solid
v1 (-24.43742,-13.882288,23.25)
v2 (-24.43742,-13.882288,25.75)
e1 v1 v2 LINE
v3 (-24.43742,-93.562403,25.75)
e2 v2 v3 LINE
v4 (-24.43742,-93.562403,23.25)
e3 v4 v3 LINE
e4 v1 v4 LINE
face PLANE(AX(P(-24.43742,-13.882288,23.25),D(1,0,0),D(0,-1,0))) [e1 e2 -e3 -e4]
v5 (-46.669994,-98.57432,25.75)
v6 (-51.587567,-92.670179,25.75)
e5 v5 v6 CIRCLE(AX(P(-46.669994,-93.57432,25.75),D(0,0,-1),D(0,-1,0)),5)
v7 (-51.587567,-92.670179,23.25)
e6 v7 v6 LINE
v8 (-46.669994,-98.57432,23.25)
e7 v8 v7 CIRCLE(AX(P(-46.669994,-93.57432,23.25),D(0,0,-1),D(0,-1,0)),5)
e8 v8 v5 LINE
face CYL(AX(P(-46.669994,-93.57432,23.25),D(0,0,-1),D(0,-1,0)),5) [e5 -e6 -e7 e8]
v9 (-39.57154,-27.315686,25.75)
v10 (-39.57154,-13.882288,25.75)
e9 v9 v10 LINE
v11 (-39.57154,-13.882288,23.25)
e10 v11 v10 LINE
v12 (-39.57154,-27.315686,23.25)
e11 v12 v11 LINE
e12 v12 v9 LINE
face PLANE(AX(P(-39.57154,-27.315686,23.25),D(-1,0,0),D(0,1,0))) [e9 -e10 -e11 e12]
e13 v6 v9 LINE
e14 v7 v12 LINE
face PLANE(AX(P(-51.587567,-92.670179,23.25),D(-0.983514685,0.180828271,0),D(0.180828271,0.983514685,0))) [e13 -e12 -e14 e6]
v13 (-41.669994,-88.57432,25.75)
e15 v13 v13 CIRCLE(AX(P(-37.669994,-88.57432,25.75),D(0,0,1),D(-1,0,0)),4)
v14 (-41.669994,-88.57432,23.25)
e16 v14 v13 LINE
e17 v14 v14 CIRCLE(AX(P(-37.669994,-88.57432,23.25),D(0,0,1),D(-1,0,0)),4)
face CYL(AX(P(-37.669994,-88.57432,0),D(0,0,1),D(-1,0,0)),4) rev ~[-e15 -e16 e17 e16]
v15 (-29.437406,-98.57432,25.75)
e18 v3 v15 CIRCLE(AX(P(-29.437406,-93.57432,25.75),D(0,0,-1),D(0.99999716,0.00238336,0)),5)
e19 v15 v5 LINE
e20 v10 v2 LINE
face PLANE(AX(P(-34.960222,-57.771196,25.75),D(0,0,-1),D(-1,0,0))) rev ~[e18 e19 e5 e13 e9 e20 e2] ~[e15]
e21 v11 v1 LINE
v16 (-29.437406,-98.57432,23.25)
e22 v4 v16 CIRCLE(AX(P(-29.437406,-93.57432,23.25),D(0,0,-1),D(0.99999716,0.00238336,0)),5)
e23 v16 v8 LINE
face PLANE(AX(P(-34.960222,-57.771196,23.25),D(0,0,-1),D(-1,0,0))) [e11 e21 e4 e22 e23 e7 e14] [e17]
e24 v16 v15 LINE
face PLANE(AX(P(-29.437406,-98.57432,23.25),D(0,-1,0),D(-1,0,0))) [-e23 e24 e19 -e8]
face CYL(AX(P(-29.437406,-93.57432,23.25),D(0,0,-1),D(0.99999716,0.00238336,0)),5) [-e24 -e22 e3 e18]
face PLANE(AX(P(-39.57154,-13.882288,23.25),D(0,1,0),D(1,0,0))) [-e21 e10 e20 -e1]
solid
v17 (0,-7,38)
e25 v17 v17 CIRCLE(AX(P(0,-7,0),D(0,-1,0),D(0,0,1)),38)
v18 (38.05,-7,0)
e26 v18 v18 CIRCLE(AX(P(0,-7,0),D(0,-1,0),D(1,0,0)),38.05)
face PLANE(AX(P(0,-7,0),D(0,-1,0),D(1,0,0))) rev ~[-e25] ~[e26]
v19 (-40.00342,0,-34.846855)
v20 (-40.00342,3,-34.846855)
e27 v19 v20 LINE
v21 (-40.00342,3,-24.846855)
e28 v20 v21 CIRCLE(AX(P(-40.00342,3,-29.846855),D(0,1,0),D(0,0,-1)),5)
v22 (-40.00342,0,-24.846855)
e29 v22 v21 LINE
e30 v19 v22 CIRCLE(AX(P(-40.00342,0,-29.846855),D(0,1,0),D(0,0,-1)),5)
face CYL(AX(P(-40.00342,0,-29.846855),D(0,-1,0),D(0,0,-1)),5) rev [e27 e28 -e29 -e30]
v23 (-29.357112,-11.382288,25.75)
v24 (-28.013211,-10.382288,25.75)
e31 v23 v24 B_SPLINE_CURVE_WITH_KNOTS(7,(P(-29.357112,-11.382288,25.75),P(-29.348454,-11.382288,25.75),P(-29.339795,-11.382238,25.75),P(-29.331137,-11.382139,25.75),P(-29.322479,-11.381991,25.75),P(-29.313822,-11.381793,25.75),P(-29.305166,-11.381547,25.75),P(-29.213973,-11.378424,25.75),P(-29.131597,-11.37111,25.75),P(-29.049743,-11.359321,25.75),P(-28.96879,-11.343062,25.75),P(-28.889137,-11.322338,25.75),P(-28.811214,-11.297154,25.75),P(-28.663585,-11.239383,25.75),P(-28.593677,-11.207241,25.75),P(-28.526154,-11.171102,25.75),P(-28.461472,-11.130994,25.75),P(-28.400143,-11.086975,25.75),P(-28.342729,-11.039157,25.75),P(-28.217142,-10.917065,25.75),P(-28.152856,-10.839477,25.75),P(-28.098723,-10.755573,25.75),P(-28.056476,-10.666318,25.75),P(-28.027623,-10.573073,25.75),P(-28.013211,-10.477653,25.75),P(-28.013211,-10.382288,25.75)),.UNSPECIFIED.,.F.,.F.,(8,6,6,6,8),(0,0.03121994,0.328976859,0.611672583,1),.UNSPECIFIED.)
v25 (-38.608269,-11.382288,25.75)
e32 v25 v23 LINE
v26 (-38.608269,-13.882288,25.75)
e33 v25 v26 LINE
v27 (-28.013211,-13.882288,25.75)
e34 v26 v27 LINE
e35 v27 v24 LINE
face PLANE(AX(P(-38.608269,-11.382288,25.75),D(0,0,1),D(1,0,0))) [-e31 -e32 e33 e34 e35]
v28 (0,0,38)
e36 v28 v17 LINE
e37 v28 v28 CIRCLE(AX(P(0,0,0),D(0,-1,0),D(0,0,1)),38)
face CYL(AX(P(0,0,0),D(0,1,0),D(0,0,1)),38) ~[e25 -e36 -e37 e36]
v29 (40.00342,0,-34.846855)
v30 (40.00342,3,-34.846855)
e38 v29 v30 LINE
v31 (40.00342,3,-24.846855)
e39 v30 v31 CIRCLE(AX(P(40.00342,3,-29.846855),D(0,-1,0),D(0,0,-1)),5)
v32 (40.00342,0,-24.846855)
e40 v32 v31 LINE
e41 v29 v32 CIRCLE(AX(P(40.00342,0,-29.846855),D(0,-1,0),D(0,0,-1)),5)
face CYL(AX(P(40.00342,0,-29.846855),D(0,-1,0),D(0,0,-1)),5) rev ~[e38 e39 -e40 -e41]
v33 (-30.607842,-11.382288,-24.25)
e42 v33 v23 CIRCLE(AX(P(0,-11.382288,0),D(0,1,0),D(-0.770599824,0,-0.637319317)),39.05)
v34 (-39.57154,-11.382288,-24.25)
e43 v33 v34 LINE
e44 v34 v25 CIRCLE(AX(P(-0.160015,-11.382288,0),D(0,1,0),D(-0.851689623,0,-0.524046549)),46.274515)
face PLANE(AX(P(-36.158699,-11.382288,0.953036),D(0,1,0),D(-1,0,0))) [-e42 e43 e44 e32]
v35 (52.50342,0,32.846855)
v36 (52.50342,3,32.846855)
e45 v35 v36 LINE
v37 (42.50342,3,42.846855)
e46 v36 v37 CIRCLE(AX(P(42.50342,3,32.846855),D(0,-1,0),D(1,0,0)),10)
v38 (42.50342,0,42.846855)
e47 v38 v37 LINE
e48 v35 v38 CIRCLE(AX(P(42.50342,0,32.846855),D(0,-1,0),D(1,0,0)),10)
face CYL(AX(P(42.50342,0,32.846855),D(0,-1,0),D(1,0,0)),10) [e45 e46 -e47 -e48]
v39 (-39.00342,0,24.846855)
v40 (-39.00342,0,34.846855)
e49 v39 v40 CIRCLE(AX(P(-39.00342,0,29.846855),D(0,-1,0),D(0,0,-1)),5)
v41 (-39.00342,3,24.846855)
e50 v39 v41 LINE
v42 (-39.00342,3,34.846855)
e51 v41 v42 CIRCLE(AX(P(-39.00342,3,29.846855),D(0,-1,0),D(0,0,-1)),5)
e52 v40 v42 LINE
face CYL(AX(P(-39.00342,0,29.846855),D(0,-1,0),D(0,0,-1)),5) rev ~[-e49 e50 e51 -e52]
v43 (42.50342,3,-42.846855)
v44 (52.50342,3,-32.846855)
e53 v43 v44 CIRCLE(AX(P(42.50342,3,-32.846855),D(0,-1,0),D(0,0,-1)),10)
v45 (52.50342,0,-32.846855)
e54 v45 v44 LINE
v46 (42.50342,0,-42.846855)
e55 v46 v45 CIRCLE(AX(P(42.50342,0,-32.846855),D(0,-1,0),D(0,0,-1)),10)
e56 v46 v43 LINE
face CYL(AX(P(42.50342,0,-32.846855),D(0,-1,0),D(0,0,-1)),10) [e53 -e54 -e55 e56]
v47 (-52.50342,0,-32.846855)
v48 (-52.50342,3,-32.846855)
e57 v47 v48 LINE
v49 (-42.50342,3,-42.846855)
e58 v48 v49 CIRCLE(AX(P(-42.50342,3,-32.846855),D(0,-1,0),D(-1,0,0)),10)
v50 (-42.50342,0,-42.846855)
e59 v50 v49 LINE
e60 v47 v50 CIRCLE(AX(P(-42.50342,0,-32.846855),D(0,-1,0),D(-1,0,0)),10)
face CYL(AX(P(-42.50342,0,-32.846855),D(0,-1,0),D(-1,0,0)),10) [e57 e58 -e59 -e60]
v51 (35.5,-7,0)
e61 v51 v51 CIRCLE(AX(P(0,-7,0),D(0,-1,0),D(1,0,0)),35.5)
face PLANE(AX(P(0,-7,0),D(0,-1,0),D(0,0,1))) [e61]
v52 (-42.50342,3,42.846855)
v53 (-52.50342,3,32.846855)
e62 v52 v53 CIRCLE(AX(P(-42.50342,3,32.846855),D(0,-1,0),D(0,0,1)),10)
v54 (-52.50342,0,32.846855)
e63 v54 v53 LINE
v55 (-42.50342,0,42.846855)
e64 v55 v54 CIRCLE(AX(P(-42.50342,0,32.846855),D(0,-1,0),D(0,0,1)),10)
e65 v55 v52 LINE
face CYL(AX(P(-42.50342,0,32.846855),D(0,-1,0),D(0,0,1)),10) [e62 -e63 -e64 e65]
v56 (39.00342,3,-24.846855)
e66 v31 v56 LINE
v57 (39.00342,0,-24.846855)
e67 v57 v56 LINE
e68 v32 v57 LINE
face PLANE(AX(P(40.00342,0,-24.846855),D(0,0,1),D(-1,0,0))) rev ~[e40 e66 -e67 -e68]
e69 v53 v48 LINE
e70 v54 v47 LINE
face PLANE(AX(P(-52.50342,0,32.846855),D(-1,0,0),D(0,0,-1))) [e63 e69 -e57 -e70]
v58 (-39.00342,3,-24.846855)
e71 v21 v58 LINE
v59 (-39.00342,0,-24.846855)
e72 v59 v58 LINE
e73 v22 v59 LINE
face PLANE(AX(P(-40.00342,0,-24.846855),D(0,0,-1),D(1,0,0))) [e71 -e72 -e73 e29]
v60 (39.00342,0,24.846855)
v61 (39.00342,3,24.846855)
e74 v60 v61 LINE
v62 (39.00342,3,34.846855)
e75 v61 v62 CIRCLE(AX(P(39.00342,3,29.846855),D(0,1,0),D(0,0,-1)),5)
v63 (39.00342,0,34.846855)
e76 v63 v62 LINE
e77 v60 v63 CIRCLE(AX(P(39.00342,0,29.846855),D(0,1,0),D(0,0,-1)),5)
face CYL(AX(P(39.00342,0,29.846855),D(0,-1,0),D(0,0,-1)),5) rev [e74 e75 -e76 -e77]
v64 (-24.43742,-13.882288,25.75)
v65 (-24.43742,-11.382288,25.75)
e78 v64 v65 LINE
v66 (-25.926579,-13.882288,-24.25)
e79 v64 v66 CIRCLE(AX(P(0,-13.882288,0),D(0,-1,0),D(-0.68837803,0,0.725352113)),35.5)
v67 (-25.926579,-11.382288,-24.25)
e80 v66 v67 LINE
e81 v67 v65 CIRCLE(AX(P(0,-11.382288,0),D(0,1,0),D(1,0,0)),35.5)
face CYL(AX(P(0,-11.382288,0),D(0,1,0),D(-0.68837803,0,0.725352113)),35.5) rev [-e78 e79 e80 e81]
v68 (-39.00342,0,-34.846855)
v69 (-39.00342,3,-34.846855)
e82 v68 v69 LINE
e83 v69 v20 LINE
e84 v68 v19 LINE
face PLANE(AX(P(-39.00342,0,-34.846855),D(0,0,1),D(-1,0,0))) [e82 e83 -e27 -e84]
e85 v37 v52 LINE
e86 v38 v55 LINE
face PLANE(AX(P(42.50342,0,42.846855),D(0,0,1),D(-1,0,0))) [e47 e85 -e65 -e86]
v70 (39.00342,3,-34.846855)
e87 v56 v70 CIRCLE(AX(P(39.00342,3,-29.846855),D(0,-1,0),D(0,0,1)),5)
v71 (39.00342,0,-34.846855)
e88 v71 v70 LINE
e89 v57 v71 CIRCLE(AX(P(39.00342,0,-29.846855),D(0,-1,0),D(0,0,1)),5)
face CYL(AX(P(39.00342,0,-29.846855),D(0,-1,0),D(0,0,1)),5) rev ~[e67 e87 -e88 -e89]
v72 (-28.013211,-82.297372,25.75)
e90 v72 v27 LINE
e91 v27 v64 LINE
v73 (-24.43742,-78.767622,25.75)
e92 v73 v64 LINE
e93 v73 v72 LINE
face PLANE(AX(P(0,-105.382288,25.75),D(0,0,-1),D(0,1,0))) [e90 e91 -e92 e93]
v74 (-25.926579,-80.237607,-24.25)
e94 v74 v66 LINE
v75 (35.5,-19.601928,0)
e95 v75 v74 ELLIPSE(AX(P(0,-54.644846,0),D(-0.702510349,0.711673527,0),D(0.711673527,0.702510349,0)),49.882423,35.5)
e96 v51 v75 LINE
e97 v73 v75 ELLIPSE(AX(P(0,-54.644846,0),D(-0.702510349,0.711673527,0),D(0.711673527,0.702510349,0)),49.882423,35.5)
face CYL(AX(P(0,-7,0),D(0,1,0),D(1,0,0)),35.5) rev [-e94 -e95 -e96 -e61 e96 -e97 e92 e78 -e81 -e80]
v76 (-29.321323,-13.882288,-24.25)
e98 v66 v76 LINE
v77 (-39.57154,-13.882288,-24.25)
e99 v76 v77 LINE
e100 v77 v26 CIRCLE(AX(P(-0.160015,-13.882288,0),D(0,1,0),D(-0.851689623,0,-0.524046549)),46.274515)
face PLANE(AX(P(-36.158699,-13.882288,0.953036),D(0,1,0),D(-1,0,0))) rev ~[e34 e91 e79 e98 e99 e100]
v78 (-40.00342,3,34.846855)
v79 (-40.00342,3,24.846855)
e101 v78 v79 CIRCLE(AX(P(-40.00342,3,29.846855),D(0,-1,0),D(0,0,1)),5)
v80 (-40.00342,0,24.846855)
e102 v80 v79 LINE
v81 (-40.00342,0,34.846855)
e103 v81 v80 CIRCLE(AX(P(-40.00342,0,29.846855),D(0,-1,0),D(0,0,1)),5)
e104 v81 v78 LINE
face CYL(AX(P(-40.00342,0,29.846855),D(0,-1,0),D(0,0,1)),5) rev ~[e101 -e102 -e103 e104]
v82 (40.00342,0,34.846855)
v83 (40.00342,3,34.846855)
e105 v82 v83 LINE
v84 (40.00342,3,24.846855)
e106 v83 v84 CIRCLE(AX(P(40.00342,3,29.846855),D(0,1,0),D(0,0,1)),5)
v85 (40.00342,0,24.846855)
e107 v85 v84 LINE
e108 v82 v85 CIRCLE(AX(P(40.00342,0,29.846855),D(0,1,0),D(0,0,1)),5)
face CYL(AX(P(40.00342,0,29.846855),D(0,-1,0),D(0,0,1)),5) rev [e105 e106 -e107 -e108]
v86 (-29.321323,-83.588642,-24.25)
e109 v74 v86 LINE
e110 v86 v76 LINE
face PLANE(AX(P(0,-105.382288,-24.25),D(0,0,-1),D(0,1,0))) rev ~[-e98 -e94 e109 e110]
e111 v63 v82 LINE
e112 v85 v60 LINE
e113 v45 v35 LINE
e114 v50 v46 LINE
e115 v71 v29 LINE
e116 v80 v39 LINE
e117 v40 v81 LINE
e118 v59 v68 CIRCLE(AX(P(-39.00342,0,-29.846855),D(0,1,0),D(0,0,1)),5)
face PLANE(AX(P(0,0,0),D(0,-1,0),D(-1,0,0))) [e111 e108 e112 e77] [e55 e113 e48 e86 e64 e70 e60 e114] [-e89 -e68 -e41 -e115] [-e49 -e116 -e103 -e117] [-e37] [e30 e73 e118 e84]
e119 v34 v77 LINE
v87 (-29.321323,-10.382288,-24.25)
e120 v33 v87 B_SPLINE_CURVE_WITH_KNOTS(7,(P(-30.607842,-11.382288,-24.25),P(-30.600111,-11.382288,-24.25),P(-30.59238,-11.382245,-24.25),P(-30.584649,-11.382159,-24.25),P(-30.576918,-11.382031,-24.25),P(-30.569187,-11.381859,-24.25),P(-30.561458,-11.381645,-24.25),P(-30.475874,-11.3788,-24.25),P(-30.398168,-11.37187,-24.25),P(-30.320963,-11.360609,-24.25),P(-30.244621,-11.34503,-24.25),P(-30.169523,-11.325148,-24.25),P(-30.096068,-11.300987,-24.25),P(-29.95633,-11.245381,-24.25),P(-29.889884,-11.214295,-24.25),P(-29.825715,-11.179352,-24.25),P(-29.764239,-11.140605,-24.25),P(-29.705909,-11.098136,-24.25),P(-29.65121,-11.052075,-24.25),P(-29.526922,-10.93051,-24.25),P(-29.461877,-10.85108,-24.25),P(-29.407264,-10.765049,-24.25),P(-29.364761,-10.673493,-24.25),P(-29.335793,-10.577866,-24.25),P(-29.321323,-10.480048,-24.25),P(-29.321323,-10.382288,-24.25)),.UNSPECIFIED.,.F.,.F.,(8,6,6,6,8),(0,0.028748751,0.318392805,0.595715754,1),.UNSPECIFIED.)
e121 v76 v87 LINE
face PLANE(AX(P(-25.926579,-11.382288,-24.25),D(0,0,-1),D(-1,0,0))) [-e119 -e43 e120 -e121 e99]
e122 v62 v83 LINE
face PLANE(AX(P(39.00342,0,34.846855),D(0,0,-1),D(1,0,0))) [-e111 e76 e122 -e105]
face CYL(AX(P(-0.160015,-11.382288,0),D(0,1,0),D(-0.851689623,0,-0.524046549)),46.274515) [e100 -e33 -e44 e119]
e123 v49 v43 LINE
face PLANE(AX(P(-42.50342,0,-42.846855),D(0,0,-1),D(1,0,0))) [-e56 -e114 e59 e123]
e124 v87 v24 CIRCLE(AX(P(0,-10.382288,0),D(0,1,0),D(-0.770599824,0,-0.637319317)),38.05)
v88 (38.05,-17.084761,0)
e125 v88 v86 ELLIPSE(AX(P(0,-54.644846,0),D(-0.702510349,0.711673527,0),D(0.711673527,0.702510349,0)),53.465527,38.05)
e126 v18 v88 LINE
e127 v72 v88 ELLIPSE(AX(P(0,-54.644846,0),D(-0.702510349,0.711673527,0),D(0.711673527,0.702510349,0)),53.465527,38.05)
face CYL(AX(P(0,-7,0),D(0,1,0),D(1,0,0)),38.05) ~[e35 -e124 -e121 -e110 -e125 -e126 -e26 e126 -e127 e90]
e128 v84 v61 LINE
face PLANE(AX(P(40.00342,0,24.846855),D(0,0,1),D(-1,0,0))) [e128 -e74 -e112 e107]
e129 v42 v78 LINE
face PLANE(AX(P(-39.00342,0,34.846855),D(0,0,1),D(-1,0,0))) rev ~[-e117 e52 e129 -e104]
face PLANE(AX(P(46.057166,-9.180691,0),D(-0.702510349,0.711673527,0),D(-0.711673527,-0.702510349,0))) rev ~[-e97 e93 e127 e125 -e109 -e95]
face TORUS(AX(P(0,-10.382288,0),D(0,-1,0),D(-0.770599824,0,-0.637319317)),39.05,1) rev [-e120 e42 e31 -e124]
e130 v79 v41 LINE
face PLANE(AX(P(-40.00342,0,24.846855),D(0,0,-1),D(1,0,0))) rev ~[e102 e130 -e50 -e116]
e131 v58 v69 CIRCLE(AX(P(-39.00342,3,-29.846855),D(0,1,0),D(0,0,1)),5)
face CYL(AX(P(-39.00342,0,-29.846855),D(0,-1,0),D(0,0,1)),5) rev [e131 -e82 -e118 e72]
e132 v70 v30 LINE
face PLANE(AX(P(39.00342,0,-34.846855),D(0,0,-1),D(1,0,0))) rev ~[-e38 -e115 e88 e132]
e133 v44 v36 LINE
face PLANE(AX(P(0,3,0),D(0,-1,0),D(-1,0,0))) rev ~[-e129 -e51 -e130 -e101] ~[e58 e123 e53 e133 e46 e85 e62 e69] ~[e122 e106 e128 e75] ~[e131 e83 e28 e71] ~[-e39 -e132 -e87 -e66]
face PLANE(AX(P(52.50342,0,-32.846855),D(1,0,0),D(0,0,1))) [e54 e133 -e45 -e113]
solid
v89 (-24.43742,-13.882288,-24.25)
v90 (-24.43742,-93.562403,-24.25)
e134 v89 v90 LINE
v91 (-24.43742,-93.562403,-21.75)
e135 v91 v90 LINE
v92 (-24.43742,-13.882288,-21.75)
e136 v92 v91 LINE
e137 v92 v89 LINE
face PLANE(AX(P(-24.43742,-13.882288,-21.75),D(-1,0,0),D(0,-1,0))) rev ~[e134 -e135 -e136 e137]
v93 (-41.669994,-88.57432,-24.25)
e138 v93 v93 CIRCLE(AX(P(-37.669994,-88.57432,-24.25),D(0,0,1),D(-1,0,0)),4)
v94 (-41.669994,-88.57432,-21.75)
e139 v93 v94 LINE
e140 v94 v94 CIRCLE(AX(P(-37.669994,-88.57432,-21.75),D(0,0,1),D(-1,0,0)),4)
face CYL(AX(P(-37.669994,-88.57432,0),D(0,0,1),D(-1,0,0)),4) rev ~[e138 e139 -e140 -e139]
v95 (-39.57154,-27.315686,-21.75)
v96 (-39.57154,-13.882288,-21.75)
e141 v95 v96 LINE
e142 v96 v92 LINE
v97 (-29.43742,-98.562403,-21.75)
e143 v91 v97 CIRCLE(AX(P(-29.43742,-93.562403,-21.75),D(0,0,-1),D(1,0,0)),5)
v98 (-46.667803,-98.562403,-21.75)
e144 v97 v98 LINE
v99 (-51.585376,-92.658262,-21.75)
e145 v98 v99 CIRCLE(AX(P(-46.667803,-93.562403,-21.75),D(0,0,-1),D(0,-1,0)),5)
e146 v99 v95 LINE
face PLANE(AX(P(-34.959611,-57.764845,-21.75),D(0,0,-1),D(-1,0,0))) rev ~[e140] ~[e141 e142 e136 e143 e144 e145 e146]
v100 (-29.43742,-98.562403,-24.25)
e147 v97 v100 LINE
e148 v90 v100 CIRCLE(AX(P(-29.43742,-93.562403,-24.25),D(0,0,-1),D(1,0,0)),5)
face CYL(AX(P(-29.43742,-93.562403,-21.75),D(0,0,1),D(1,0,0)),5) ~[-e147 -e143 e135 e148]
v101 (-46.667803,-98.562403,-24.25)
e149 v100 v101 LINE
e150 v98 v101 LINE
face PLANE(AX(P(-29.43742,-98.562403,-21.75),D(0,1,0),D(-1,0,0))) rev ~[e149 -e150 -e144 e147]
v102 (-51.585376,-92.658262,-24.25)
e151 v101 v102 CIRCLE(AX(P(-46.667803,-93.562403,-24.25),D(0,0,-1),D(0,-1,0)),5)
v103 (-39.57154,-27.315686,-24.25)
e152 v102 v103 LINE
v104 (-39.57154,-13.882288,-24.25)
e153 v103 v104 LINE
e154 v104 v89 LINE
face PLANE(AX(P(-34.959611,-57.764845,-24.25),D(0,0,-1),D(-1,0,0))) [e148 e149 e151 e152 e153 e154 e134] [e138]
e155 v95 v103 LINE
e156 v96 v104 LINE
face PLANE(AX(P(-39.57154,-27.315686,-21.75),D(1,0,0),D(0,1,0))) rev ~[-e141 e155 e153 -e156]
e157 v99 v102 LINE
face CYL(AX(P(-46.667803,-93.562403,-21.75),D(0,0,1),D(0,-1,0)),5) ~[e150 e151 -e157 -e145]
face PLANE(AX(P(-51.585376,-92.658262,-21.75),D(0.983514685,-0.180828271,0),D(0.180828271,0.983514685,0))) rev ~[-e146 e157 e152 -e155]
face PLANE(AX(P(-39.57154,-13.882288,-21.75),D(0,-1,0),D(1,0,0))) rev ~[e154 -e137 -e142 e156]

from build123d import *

# Parameters (mm, degrees)
EXTRUDE_1_DEPTH      = 3
SKETCH_2_R           = 38
EXTRUDE_2_DEPTH      = 7
SKETCH_3_R           = 38.05
SKETCH_3_R_2         = 35.5
EXTRUDE_1_2_DEPTH    = 85
CUT_EXTRUDE_3_DEPTH  = 43.5
SKETCH_5_W           = 50
SKETCH_5_H           = 94
CUT_EXTRUDE_4_DEPTH  = 47
EXTRUDE_5_DEPTH      = 2.5
FILLET_1_R           = 1
EXTRUDE_START        = -2.5
EXTRUDE_11_DEPTH     = 2.5
EXTRUDE_13_DEPTH     = 2.5
SKETCH_11_R          = 4
CUT_EXTRUDE_14_DEPTH = 36.25


with BuildPart() as part:
    # Эскиз1 → Extrude 1 (new body)
    with BuildSketch(Plane(origin=(0, 0, 0), x_dir=(1, 0, 0), z_dir=(0, 1, 0))):
        with BuildLine():
            Line((-42.503420423, 42.846855414), (42.503420423, 42.846855414))
            ThreePointArc((42.503420423, 42.846855414), (49.574488235, 39.917923226), (52.503420423, 32.846855414))
            Line((52.503420423, 32.846855414), (52.503420423, -32.846855414))
            ThreePointArc((52.503420423, -32.846855414), (49.574488235, -39.917923226), (42.503420423, -42.846855414))
            Line((42.503420423, -42.846855414), (-42.503420423, -42.846855414))
            ThreePointArc((-42.503420423, -42.846855414), (-49.574488235, -39.917923226), (-52.503420423, -32.846855414))
            Line((-52.503420423, -32.846855414), (-52.503420423, 32.846855414))
            ThreePointArc((-52.503420423, 32.846855414), (-49.574488235, 39.917923226), (-42.503420423, 42.846855414))
        make_face()
        with BuildLine():
            Line((40.003420423, 24.846855414), (39.003420423, 24.846855414))
            ThreePointArc((39.003420423, 24.846855414), (34.003420423, 29.846855414), (39.003420423, 34.846855414))
            Line((39.003420423, 34.846855414), (40.003420423, 34.846855414))
            ThreePointArc((40.003420423, 34.846855414), (45.003420423, 29.846855414), (40.003420423, 24.846855414))
        make_face(mode=Mode.SUBTRACT)
        with BuildLine():
            Line((-40.003420423, 24.846855414), (-39.003420423, 24.846855414))
            ThreePointArc((-39.003420423, 24.846855414), (-34.003420423, 29.846855414), (-39.003420423, 34.846855414))
            Line((-39.003420423, 34.846855414), (-40.003420423, 34.846855414))
            ThreePointArc((-40.003420423, 34.846855414), (-45.003420423, 29.846855414), (-40.003420423, 24.846855414))
        make_face(mode=Mode.SUBTRACT)
        with BuildLine():
            Line((40.003420423, -24.846855414), (39.003420423, -24.846855414))
            ThreePointArc((39.003420423, -24.846855414), (34.003420423, -29.846855414), (39.003420423, -34.846855414))
            Line((39.003420423, -34.846855414), (40.003420423, -34.846855414))
            ThreePointArc((40.003420423, -34.846855414), (45.003420423, -29.846855414), (40.003420423, -24.846855414))
        make_face(mode=Mode.SUBTRACT)
        with BuildLine():
            Line((-40.003420423, -24.846855414), (-39.003420423, -24.846855414))
            ThreePointArc((-39.003420423, -24.846855414), (-34.003420423, -29.846855414), (-39.003420423, -34.846855414))
            Line((-39.003420423, -34.846855414), (-40.003420423, -34.846855414))
            ThreePointArc((-40.003420423, -34.846855414), (-45.003420423, -29.846855414), (-40.003420423, -24.846855414))
        make_face(mode=Mode.SUBTRACT)
    extrude(amount=EXTRUDE_1_DEPTH)

    # Эскиз2 → Вытянуть2 (add)
    with BuildSketch(Plane.XZ):
        with Locations(Location((0, 0, 0), (0, 0, 90))):
            Circle(SKETCH_2_R)
    extrude(amount=EXTRUDE_2_DEPTH)

    # Эскиз3 → Extrude 1 2 (add)
    with BuildSketch(Plane.XZ.offset(7)):
        Circle(SKETCH_3_R)
        Circle(SKETCH_3_R_2, mode=Mode.SUBTRACT)
    extrude(amount=EXTRUDE_1_2_DEPTH)

    # Эскиз4 → Вытянуть3 (cut, symmetric)
    with BuildSketch(Plane.XY):
        Polygon((46.057165953, -9.180691219), (-39.336892278, -93.475255138), (46.057165953, -93.475255138), align=None)
    extrude(amount=CUT_EXTRUDE_3_DEPTH, both=True, mode=Mode.SUBTRACT)

    # Эскиз5 → Вытянуть4 (cut)
    with BuildSketch(Plane(origin=(0, 0, 0), x_dir=(0, 0, -1), z_dir=(1, 0, 0))):
        with Locations((-0.75, -58.382287581)):
            Rectangle(SKETCH_5_W, SKETCH_5_H)
    extrude(amount=-CUT_EXTRUDE_4_DEPTH, mode=Mode.SUBTRACT)

    # Эскиз6 → Вытянуть5 (add)
    with BuildSketch(Plane.XZ.offset(11.382287581)):
        with BuildLine():
            Line((-38.608269391, 25.75), (-24.437420077, 25.75))
            ThreePointArc((-24.437420077, 25.75), (-35.484265547, 1.056834232), (-25.926579026, -24.25))
            Line((-25.926579026, -24.25), (-39.571539531, -24.25))
            ThreePointArc((-39.571539531, -24.25), (-46.425945172, 0.891331779), (-38.608269391, 25.75))
        make_face()
    extrude(amount=EXTRUDE_5_DEPTH)

    # Скругление1
    fillet_1_edges = [part.edges().sort_by_distance(p)[0] for p in [
        (-38.036984774, -11.382287581, 0.995132823),
    ]]
    fillet(fillet_1_edges, radius=FILLET_1_R)


with BuildPart() as body_2:
    # Эскиз8 → Вытянуть11 (new body)
    with BuildSketch(Plane(origin=(0, 0, -24.25), x_dir=(-1, 0, 0), z_dir=(0, 0, -1)).offset(EXTRUDE_START)):
        with BuildLine():
            Line((24.437420077, -13.882287581), (24.437420077, -93.562403085))
            ThreePointArc((24.437420077, -93.562403085), (25.901886171, -97.097936991), (29.437420077, -98.562403085))
            Line((29.437420077, -98.562403085), (46.667802969, -98.562403085))
            ThreePointArc((46.667802969, -98.562403085), (50.509723502, -96.762347868), (51.585376396, -92.658261731))
            Line((51.585376396, -92.658261731), (39.571539531, -27.315685955))
            Line((39.571539531, -27.315685955), (39.571539531, -13.882287581))
            Line((39.571539531, -13.882287581), (24.437420077, -13.882287581))
        make_face()
    extrude(amount=EXTRUDE_11_DEPTH)


with BuildPart() as body_3:
    # Эскиз10 → Вытянуть13 (new body)
    with BuildSketch(Plane.XY.offset(25.75).offset(EXTRUDE_START)):
        with BuildLine():
            Line((-24.437420077, -13.882287581), (-24.437420077, -93.562403085))
            ThreePointArc((-24.437420077, -93.562403085), (-25.897661253, -97.10563805), (-29.437405876, -98.574319881))
            Line((-29.437405876, -98.574319881), (-46.669993982, -98.574319881))
            ThreePointArc((-46.669993982, -98.574319881), (-50.511914515, -96.774264664), (-51.587567409, -92.670178527))
            Line((-51.587567409, -92.670178527), (-39.571539531, -27.315685955))
            Line((-39.571539531, -27.315685955), (-39.571539531, -13.882287581))
            Line((-39.571539531, -13.882287581), (-24.437420077, -13.882287581))
        make_face()
    extrude(amount=EXTRUDE_13_DEPTH)


with BuildPart() as cut_extrude_14_tool:
    # Эскиз11 → Вытянуть14 (new, symmetric)
    with BuildSketch(Plane.XY):
        with Locations(Location((-37.669993982, -88.574319881, 0), (0, 0, 180))):
            Circle(SKETCH_11_R)
    extrude(amount=CUT_EXTRUDE_14_DEPTH, both=True)


with BuildPart() as body_2_1:
    add(body_2.part)

    # Вытянуть14: cut by cut_extrude_14_tool
    add(cut_extrude_14_tool.part, mode=Mode.SUBTRACT)


with BuildPart() as body_3_1:
    add(body_3.part)

    # Вытянуть14: cut by cut_extrude_14_tool
    add(cut_extrude_14_tool.part, mode=Mode.SUBTRACT)


solid = Compound([part.part, body_2_1.part, body_3_1.part])
